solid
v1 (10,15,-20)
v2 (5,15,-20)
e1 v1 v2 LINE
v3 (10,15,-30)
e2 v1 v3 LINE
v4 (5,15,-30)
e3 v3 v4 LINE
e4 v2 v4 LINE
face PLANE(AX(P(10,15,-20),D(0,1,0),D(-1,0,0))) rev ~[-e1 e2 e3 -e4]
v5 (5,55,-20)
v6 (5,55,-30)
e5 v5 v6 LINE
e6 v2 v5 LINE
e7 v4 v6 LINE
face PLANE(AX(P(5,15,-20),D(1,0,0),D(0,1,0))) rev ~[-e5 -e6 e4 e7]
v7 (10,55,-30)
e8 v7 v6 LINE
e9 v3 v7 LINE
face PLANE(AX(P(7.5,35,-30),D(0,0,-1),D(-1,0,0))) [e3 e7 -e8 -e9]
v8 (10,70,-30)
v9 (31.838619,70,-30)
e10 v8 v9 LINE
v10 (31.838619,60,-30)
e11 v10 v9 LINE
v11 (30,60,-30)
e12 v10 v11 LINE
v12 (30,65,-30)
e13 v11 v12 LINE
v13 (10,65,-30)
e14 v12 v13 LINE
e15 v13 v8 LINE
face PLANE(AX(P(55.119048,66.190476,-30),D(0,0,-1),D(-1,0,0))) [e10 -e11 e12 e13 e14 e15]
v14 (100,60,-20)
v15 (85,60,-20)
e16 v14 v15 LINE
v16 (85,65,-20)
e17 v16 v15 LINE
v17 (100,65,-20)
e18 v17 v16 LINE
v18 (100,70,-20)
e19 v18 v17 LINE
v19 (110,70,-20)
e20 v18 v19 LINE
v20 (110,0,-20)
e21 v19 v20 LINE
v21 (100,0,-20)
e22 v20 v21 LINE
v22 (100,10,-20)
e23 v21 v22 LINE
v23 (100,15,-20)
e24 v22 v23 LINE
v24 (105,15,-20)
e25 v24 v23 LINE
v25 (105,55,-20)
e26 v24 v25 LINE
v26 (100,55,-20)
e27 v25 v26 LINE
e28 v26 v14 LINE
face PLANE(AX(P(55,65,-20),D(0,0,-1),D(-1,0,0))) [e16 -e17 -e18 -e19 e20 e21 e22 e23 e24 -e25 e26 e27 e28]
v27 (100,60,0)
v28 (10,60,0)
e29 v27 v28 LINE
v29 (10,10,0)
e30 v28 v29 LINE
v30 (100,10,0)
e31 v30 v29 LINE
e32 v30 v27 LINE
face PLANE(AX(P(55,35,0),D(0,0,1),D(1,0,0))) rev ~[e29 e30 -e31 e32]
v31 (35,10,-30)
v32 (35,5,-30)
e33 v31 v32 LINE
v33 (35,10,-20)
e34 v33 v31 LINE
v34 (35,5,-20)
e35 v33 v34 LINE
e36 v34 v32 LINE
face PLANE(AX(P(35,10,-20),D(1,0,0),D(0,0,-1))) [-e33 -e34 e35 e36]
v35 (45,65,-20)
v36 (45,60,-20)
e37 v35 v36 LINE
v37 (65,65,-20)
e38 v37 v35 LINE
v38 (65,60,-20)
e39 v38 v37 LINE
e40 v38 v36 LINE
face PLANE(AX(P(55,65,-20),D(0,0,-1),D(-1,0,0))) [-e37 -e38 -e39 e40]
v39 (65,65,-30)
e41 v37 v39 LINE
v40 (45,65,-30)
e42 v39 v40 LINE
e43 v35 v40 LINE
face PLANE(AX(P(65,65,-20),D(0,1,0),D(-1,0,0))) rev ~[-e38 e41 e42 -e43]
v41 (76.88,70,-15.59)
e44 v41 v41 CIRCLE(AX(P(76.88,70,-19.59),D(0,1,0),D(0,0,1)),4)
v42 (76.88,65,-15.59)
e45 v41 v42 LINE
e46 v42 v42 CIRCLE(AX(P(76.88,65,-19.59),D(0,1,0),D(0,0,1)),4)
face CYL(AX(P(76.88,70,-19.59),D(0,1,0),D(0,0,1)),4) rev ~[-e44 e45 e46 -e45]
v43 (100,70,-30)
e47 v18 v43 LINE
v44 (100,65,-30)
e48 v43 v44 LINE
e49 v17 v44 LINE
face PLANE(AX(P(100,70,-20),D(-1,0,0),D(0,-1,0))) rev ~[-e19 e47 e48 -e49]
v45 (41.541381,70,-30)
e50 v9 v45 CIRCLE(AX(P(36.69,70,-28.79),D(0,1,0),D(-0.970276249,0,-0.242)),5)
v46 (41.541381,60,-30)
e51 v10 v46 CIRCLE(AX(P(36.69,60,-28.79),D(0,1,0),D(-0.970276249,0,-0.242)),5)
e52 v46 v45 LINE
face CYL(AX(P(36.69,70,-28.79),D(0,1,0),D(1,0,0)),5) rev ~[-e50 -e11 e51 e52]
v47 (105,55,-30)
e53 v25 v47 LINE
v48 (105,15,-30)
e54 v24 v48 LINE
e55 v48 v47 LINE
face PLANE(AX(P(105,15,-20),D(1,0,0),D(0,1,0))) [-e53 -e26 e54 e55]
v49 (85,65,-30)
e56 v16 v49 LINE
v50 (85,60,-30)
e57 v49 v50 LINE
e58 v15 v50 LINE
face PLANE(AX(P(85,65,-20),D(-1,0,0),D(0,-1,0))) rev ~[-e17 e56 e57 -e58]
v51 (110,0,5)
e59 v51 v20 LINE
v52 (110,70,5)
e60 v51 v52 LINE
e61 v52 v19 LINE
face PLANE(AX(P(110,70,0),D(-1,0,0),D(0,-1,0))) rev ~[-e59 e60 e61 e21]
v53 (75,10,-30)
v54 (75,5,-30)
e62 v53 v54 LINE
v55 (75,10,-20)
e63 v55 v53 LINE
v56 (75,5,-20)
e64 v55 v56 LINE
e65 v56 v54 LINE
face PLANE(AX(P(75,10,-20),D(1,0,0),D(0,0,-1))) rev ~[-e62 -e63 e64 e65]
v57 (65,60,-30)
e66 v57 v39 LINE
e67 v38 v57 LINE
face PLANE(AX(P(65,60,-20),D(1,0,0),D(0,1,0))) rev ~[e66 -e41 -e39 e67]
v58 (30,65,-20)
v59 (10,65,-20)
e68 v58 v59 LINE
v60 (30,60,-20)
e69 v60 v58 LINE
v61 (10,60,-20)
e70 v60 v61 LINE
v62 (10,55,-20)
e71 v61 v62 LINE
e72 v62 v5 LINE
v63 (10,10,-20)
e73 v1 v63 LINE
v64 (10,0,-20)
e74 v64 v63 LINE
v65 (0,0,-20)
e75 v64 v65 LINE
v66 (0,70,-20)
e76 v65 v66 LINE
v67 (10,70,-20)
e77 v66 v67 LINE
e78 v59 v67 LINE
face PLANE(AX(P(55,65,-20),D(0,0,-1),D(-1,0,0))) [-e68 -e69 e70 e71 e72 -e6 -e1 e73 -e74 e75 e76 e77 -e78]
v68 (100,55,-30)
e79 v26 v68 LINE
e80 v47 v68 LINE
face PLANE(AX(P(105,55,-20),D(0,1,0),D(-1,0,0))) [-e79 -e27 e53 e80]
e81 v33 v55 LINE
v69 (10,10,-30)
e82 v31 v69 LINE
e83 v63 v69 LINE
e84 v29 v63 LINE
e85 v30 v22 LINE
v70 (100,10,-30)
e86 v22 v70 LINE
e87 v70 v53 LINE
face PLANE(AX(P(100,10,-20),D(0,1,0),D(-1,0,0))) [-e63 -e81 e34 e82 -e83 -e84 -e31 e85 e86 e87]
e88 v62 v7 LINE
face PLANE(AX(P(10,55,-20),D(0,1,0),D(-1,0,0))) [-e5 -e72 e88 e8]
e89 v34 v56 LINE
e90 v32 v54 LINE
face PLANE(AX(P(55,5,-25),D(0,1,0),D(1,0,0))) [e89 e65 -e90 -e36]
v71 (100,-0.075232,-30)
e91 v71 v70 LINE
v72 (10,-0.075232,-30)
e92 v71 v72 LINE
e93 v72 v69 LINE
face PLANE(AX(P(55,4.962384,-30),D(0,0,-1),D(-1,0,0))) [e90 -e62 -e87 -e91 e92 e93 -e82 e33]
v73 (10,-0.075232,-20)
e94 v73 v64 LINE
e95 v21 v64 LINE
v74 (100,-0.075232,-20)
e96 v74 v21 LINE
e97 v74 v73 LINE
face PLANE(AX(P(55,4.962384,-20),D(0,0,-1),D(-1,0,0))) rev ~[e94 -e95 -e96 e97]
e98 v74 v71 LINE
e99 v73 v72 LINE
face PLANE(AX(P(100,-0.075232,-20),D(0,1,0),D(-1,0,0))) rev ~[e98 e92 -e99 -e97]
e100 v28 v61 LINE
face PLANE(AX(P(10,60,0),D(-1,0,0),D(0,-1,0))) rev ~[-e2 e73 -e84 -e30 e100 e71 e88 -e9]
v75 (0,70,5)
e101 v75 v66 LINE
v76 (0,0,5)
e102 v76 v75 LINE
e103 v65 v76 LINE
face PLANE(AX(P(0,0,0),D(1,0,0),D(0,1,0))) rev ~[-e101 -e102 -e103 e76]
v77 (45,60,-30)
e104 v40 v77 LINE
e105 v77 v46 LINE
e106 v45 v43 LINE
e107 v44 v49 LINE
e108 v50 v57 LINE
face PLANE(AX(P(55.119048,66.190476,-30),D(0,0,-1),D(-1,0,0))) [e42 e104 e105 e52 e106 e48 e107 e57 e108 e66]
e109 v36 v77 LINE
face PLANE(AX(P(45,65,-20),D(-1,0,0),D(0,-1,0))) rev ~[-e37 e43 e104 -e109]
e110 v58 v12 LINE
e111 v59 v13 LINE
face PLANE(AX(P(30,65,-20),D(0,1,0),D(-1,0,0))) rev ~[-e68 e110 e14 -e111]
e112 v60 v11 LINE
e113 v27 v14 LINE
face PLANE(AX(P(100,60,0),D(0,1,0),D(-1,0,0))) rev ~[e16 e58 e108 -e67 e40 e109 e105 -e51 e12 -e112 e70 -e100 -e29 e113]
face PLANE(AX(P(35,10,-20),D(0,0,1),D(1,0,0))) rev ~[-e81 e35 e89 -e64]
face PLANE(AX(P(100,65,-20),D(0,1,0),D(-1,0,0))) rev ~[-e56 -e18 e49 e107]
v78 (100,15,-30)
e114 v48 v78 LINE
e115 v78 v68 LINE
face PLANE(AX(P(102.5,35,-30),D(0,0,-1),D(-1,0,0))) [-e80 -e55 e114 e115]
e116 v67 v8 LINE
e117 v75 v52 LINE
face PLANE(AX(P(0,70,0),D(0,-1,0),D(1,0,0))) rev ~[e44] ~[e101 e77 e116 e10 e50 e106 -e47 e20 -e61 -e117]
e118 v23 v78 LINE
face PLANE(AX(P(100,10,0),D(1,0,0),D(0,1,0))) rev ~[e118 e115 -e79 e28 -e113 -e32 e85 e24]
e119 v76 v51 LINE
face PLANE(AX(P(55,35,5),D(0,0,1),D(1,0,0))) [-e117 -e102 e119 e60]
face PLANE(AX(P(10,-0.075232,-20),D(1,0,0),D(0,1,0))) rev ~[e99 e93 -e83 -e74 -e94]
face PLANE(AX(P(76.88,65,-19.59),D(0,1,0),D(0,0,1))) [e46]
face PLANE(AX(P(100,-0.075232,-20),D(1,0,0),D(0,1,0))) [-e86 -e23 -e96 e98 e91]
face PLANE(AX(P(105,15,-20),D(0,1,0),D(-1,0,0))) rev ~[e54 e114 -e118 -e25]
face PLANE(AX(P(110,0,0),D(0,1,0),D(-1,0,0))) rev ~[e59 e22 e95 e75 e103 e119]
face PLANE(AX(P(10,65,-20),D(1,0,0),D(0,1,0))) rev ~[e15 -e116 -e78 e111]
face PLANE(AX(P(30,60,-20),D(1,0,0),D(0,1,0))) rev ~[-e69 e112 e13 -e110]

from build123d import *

# Parameters (mm, degrees)
SKETCH1_W           = 110
SKETCH1_H           = 70
BOSS_EXTRUDE1_DEPTH = 5
SKETCH2_W           = 90
SKETCH2_H           = 10
BOSS_EXTRUDE2_DEPTH = 20
BOSS_EXTRUDE5_DEPTH = 10
SKETCH7_R           = 5
CUT_EXTRUDE2_DEPTH  = 10
SKETCH8_R           = 4
CUT_EXTRUDE3_DEPTH  = 5
SKETCH9_W           = 5
SKETCH9_H           = 40
BOSS_EXTRUDE6_DEPTH = 10
SKETCH10_W          = 90
SKETCH10_H          = 10.075231777
BOSS_EXTRUDE7_DEPTH = 10
SKETCH11_W          = 40
SKETCH11_H          = 10
CUT_EXTRUDE4_DEPTH  = 5


with BuildPart() as part:
    # Sketch1 → Boss-Extrude1 (new body)
    with BuildSketch(Plane.XY):
        with Locations((55, 35)):
            Rectangle(SKETCH1_W, SKETCH1_H)
    extrude(amount=BOSS_EXTRUDE1_DEPTH)

    # Sketch2 → Boss-Extrude2 (add)
    with BuildSketch(Plane(origin=(0, 0, 0), x_dir=(-1, 0, 0), z_dir=(0, 0, -1))):
        with Locations((-55, 65)):
            Rectangle(SKETCH2_W, SKETCH2_H)
        Polygon((-100, 70), (-110, 70), (-110, 0), (-100, 0), (-100, 10), (-100, 60), align=None)
        Polygon((0, 70), (-10, 70), (-10, 60), (-10, 10), (-10, 0), (0, 0), align=None)
        with Locations((-55, 5)):
            Rectangle(SKETCH2_W, SKETCH2_H)
    extrude(amount=BOSS_EXTRUDE2_DEPTH)

    # Sketch6 → Boss-Extrude5 (add)
    with BuildSketch(Plane(origin=(0, 0, -20), x_dir=(-1, 0, 0), z_dir=(0, 0, -1))):
        Polygon((-45, 60), (-30, 60), (-30, 65), (-10, 65), (-10, 70), (-100, 70), (-100, 65), (-85, 65), (-85, 60), (-65, 60), (-65, 65), (-45, 65), align=None)
    extrude(amount=BOSS_EXTRUDE5_DEPTH)

    # Sketch7 → Cut-Extrude2 (cut)
    with BuildSketch(Plane(origin=(0, 70, 0), x_dir=(1, 0, 0), z_dir=(0, 1, 0))):
        with Locations((36.69, 28.79)):
            Circle(SKETCH7_R)
    extrude(amount=-CUT_EXTRUDE2_DEPTH, mode=Mode.SUBTRACT)

    # Sketch8 → Cut-Extrude3 (cut)
    with BuildSketch(Plane(origin=(0, 70, 0), x_dir=(1, 0, 0), z_dir=(0, 1, 0))):
        with Locations(Location((76.88, 19.59, 0), (0, 0, 270))):
            Circle(SKETCH8_R)
    extrude(amount=-CUT_EXTRUDE3_DEPTH, mode=Mode.SUBTRACT)

    # Sketch9 → Boss-Extrude6 (add)
    with BuildSketch(Plane(origin=(0, 0, -20), x_dir=(-1, 0, 0), z_dir=(0, 0, -1))):
        with Locations((-102.5, 35)):
            Rectangle(SKETCH9_W, SKETCH9_H)
        with Locations((-7.5, 35)):
            Rectangle(SKETCH9_W, SKETCH9_H)
    extrude(amount=BOSS_EXTRUDE6_DEPTH)

    # Sketch10 → Boss-Extrude7 (add)
    with BuildSketch(Plane(origin=(0, 0, -20), x_dir=(-1, 0, 0), z_dir=(0, 0, -1))):
        with Locations((-55, 4.962384111)):
            Rectangle(SKETCH10_W, SKETCH10_H)
    extrude(amount=BOSS_EXTRUDE7_DEPTH)

    # Sketch11 → Cut-Extrude4 (cut)
    with BuildSketch(Plane(origin=(0, 10, 0), x_dir=(1, 0, 0), z_dir=(0, 1, 0))):
        with Locations((55, 25)):
            Rectangle(SKETCH11_W, SKETCH11_H)
    extrude(amount=-CUT_EXTRUDE4_DEPTH, mode=Mode.SUBTRACT)


solid = part.part
